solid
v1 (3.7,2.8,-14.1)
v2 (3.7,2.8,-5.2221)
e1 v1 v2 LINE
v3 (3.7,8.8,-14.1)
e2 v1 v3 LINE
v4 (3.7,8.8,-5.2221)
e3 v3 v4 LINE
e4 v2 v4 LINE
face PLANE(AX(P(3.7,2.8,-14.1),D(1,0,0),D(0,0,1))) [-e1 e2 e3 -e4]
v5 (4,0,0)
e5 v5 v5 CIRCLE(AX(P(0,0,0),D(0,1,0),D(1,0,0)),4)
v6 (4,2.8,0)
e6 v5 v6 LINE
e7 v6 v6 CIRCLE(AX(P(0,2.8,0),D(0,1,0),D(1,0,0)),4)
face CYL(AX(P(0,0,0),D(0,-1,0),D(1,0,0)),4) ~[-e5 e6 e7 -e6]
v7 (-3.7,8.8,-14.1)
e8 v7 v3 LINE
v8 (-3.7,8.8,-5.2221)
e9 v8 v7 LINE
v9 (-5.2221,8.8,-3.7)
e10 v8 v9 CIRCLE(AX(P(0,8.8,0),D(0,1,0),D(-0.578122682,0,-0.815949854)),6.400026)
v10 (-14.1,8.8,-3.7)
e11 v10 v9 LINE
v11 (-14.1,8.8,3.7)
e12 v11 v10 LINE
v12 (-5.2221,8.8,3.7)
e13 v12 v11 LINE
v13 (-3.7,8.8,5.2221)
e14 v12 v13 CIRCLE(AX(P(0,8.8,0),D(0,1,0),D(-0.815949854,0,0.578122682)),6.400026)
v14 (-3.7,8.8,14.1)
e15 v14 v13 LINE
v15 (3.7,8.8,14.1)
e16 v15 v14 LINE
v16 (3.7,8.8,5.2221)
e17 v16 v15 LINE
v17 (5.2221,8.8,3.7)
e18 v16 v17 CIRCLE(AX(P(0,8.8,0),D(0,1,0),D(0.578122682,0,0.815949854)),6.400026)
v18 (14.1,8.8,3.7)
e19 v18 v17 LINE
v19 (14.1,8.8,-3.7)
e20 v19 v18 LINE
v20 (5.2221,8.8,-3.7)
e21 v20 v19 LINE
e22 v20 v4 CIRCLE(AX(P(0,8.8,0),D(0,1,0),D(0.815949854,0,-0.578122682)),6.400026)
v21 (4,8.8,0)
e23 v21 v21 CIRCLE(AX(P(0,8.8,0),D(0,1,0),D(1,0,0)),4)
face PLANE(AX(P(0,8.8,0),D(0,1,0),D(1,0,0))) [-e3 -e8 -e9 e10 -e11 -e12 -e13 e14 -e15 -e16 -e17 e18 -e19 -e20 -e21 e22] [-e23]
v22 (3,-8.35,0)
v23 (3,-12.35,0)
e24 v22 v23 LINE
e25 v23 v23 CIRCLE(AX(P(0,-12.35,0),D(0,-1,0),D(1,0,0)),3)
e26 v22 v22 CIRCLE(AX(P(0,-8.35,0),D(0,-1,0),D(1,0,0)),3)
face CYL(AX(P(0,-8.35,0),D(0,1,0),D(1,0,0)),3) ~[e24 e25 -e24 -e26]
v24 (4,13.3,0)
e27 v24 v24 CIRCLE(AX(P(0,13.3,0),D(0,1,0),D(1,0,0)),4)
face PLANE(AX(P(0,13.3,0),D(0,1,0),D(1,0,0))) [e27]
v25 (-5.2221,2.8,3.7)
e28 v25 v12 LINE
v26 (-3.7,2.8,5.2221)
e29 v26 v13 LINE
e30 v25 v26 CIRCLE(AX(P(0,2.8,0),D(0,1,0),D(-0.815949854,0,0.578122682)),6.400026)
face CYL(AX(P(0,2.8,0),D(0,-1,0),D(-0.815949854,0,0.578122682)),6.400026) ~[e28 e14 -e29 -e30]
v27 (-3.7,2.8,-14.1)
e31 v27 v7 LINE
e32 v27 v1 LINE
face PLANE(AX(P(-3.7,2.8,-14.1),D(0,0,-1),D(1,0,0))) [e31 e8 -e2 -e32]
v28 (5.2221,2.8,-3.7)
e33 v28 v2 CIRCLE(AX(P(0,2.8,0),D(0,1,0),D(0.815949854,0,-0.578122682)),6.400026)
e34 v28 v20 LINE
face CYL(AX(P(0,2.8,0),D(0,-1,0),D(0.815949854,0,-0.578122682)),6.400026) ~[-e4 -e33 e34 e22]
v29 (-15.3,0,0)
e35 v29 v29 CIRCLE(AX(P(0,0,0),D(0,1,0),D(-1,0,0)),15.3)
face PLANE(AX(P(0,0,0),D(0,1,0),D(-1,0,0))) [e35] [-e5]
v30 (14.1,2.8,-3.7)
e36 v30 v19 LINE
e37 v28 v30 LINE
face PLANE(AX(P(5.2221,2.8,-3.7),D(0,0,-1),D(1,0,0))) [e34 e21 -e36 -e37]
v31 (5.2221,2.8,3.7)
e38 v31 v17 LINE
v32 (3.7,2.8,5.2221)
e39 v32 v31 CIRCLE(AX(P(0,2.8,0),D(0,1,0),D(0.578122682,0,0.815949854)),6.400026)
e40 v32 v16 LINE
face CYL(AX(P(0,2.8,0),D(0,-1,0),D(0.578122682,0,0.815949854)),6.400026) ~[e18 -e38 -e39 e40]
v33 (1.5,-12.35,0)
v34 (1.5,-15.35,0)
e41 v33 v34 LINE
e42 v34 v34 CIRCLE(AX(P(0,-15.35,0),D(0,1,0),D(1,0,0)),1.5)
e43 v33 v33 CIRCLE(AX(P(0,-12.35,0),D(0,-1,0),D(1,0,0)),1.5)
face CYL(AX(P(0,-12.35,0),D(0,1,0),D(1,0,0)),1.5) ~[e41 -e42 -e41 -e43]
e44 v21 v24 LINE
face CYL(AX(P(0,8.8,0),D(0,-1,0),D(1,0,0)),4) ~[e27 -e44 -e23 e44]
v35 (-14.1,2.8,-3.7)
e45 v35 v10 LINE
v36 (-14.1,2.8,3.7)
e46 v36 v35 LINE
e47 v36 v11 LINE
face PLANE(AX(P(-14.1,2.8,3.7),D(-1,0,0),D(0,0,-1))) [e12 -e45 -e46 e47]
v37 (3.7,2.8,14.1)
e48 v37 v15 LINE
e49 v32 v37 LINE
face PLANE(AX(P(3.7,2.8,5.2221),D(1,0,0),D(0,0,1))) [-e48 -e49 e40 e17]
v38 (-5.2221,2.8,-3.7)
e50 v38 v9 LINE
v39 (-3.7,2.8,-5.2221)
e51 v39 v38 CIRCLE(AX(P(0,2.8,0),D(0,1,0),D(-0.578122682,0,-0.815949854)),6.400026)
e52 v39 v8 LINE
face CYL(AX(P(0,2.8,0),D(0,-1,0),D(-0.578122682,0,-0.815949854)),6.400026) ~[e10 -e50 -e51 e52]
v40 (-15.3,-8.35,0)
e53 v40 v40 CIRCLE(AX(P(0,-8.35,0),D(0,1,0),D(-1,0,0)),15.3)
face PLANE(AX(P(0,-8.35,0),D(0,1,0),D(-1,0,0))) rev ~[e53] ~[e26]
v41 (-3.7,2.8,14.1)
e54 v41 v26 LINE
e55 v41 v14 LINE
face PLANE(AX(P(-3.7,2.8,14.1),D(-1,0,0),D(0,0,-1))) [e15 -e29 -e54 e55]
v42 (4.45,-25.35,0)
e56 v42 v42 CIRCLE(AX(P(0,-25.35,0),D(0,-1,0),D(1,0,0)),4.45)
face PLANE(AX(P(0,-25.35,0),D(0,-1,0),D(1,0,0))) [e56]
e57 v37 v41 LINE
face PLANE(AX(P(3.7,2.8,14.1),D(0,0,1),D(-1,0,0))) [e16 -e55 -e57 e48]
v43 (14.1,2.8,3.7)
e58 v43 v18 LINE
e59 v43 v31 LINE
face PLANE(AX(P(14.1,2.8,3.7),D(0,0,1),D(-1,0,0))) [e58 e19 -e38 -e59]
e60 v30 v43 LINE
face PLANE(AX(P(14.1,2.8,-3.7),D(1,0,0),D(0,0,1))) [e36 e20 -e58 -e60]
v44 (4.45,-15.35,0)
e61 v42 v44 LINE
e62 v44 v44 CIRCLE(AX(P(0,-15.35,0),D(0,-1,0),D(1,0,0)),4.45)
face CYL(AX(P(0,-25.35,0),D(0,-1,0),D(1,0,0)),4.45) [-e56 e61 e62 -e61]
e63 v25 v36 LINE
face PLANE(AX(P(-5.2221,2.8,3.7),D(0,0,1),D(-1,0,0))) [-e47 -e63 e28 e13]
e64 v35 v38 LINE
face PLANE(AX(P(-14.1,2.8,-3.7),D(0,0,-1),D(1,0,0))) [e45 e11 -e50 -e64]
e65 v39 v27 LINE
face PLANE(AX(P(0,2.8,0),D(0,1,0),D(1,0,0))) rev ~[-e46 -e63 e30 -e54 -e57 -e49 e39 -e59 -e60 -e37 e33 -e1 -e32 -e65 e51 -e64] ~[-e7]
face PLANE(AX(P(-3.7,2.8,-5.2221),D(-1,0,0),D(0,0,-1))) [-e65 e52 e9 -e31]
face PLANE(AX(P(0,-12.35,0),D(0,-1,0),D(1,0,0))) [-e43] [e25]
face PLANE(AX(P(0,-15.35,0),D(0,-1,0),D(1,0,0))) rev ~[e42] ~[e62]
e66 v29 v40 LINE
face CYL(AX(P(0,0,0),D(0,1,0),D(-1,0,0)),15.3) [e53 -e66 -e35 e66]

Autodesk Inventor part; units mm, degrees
ref_plane "YZ Plane" through (0, 0, 0) normal (1, 0, 0) x (0, 1, 0)
ref_plane "XZ Plane" through (0, 0, 0) normal (0, 1, 0) x (-1, 0, 0)
ref_plane "XY Plane" through (0, 0, 0) normal (0, 0, 1) x (1, 0, 0)
sketch "Sketch1" plane through (0, 0, 0) normal (0, 1, 0) x (-1, 0, 0)
  circle A0 centre (0, 0) radius 15.3
  dimension "d0" = 30.6
extrude "Extrusion1" add sketch "Sketch1" against normal blind 8.35
sketch "Sketch2" plane through (0, 0, 0) normal (0, 1, 0) x (1, 0, 0)
  circle A0 centre (0, 0) radius 4
  dimension "d3" = 8
extrude "Extrusion2" add sketch "Sketch2" along normal blind 2.8
sketch "Sketch3" plane through (0, 2.8, 0) normal (0, 1, 0) x (1, 0, 0)
  line L0 (-3.7, 14.1) -> (3.7, 14.1)
  line L1 (3.7, -14.1) -> (-3.7, -14.1)
  line L2 (-3.7, 14.1) -> (3.7, -14.1) construction
  line L3 (3.7, 14.1) -> (-3.7, -14.1) construction
  line L4 (14.1, 3.7) -> (14.1, -3.7)
  line L5 (-14.1, -3.7) -> (-14.1, 3.7)
  line L6 (-14.1, 3.7) -> (14.1, -3.7) construction
  line L7 (14.1, 3.7) -> (-14.1, -3.7) construction
  line L8 (3.7, 14.1) -> (3.7, 5.2221)
  line L9 (3.7, -5.2221) -> (3.7, -14.1)
  line L10 (14.1, -3.7) -> (5.2221, -3.7)
  line L11 (-5.2221, -3.7) -> (-14.1, -3.7)
  line L12 (-14.1, 3.7) -> (-5.2221, 3.7)
  line L13 (5.2221, 3.7) -> (14.1, 3.7)
  line L14 (-3.7, -14.1) -> (-3.7, -5.2221)
  line L15 (-3.7, 5.2221) -> (-3.7, 14.1)
  arc A0 (3.7, -5.2221) -> (5.2221, -3.7) centre (0, 0) ccw
  arc A1 (-5.2221, -3.7) -> (-3.7, -5.2221) centre (0, 0) ccw
  arc A2 (5.2221, 3.7) -> (3.7, 5.2221) centre (0, 0) ccw
  arc A3 (-3.7, 5.2221) -> (-5.2221, 3.7) centre (0, 0) ccw
  dimension "d6" = 7.4
  dimension "d7" = 28.2
  dimension "d8" = 28.2
  dimension "d9" = 7.4
extrude "Extrusion3" add sketch "Sketch3" along normal blind 6
sketch "Sketch4" plane through (0, 8.8, 0) normal (0, 1, 0) x (1, 0, 0)
  circle A0 centre (0, 0) radius 4
  dimension "d13" = 8
extrude "Extrusion4" add sketch "Sketch4" along normal blind 4.5
sketch "Sketch5" plane through (0, -8.35, 0) normal (0, -1, 0) x (1, 0, 0)
  circle A0 centre (0, 0) radius 4 projected
  circle A1 centre (0, 0) radius 3
  dimension "d16" = 6
extrude "Extrusion5" add sketch "Sketch5" along normal blind 4 contours A1
sketch "Sketch6" plane through (0, -12.35, 0) normal (0, -1, 0) x (1, 0, 0)
  circle A0 centre (0, 0) radius 1.5
  dimension "d19" = 3
extrude "Extrusion6" add sketch "Sketch6" along normal blind 13
sketch "Sketch7" plane through (0, -25.35, 0) normal (0, -1, 0) x (1, 0, 0)
  circle A0 centre (0, 0) radius 4.45
  dimension "d22" = 8.9
extrude "Extrusion7" add sketch "Sketch7" against normal blind 10
properties part number "BrImp_Motormodel" material "Aluminum 6061"
